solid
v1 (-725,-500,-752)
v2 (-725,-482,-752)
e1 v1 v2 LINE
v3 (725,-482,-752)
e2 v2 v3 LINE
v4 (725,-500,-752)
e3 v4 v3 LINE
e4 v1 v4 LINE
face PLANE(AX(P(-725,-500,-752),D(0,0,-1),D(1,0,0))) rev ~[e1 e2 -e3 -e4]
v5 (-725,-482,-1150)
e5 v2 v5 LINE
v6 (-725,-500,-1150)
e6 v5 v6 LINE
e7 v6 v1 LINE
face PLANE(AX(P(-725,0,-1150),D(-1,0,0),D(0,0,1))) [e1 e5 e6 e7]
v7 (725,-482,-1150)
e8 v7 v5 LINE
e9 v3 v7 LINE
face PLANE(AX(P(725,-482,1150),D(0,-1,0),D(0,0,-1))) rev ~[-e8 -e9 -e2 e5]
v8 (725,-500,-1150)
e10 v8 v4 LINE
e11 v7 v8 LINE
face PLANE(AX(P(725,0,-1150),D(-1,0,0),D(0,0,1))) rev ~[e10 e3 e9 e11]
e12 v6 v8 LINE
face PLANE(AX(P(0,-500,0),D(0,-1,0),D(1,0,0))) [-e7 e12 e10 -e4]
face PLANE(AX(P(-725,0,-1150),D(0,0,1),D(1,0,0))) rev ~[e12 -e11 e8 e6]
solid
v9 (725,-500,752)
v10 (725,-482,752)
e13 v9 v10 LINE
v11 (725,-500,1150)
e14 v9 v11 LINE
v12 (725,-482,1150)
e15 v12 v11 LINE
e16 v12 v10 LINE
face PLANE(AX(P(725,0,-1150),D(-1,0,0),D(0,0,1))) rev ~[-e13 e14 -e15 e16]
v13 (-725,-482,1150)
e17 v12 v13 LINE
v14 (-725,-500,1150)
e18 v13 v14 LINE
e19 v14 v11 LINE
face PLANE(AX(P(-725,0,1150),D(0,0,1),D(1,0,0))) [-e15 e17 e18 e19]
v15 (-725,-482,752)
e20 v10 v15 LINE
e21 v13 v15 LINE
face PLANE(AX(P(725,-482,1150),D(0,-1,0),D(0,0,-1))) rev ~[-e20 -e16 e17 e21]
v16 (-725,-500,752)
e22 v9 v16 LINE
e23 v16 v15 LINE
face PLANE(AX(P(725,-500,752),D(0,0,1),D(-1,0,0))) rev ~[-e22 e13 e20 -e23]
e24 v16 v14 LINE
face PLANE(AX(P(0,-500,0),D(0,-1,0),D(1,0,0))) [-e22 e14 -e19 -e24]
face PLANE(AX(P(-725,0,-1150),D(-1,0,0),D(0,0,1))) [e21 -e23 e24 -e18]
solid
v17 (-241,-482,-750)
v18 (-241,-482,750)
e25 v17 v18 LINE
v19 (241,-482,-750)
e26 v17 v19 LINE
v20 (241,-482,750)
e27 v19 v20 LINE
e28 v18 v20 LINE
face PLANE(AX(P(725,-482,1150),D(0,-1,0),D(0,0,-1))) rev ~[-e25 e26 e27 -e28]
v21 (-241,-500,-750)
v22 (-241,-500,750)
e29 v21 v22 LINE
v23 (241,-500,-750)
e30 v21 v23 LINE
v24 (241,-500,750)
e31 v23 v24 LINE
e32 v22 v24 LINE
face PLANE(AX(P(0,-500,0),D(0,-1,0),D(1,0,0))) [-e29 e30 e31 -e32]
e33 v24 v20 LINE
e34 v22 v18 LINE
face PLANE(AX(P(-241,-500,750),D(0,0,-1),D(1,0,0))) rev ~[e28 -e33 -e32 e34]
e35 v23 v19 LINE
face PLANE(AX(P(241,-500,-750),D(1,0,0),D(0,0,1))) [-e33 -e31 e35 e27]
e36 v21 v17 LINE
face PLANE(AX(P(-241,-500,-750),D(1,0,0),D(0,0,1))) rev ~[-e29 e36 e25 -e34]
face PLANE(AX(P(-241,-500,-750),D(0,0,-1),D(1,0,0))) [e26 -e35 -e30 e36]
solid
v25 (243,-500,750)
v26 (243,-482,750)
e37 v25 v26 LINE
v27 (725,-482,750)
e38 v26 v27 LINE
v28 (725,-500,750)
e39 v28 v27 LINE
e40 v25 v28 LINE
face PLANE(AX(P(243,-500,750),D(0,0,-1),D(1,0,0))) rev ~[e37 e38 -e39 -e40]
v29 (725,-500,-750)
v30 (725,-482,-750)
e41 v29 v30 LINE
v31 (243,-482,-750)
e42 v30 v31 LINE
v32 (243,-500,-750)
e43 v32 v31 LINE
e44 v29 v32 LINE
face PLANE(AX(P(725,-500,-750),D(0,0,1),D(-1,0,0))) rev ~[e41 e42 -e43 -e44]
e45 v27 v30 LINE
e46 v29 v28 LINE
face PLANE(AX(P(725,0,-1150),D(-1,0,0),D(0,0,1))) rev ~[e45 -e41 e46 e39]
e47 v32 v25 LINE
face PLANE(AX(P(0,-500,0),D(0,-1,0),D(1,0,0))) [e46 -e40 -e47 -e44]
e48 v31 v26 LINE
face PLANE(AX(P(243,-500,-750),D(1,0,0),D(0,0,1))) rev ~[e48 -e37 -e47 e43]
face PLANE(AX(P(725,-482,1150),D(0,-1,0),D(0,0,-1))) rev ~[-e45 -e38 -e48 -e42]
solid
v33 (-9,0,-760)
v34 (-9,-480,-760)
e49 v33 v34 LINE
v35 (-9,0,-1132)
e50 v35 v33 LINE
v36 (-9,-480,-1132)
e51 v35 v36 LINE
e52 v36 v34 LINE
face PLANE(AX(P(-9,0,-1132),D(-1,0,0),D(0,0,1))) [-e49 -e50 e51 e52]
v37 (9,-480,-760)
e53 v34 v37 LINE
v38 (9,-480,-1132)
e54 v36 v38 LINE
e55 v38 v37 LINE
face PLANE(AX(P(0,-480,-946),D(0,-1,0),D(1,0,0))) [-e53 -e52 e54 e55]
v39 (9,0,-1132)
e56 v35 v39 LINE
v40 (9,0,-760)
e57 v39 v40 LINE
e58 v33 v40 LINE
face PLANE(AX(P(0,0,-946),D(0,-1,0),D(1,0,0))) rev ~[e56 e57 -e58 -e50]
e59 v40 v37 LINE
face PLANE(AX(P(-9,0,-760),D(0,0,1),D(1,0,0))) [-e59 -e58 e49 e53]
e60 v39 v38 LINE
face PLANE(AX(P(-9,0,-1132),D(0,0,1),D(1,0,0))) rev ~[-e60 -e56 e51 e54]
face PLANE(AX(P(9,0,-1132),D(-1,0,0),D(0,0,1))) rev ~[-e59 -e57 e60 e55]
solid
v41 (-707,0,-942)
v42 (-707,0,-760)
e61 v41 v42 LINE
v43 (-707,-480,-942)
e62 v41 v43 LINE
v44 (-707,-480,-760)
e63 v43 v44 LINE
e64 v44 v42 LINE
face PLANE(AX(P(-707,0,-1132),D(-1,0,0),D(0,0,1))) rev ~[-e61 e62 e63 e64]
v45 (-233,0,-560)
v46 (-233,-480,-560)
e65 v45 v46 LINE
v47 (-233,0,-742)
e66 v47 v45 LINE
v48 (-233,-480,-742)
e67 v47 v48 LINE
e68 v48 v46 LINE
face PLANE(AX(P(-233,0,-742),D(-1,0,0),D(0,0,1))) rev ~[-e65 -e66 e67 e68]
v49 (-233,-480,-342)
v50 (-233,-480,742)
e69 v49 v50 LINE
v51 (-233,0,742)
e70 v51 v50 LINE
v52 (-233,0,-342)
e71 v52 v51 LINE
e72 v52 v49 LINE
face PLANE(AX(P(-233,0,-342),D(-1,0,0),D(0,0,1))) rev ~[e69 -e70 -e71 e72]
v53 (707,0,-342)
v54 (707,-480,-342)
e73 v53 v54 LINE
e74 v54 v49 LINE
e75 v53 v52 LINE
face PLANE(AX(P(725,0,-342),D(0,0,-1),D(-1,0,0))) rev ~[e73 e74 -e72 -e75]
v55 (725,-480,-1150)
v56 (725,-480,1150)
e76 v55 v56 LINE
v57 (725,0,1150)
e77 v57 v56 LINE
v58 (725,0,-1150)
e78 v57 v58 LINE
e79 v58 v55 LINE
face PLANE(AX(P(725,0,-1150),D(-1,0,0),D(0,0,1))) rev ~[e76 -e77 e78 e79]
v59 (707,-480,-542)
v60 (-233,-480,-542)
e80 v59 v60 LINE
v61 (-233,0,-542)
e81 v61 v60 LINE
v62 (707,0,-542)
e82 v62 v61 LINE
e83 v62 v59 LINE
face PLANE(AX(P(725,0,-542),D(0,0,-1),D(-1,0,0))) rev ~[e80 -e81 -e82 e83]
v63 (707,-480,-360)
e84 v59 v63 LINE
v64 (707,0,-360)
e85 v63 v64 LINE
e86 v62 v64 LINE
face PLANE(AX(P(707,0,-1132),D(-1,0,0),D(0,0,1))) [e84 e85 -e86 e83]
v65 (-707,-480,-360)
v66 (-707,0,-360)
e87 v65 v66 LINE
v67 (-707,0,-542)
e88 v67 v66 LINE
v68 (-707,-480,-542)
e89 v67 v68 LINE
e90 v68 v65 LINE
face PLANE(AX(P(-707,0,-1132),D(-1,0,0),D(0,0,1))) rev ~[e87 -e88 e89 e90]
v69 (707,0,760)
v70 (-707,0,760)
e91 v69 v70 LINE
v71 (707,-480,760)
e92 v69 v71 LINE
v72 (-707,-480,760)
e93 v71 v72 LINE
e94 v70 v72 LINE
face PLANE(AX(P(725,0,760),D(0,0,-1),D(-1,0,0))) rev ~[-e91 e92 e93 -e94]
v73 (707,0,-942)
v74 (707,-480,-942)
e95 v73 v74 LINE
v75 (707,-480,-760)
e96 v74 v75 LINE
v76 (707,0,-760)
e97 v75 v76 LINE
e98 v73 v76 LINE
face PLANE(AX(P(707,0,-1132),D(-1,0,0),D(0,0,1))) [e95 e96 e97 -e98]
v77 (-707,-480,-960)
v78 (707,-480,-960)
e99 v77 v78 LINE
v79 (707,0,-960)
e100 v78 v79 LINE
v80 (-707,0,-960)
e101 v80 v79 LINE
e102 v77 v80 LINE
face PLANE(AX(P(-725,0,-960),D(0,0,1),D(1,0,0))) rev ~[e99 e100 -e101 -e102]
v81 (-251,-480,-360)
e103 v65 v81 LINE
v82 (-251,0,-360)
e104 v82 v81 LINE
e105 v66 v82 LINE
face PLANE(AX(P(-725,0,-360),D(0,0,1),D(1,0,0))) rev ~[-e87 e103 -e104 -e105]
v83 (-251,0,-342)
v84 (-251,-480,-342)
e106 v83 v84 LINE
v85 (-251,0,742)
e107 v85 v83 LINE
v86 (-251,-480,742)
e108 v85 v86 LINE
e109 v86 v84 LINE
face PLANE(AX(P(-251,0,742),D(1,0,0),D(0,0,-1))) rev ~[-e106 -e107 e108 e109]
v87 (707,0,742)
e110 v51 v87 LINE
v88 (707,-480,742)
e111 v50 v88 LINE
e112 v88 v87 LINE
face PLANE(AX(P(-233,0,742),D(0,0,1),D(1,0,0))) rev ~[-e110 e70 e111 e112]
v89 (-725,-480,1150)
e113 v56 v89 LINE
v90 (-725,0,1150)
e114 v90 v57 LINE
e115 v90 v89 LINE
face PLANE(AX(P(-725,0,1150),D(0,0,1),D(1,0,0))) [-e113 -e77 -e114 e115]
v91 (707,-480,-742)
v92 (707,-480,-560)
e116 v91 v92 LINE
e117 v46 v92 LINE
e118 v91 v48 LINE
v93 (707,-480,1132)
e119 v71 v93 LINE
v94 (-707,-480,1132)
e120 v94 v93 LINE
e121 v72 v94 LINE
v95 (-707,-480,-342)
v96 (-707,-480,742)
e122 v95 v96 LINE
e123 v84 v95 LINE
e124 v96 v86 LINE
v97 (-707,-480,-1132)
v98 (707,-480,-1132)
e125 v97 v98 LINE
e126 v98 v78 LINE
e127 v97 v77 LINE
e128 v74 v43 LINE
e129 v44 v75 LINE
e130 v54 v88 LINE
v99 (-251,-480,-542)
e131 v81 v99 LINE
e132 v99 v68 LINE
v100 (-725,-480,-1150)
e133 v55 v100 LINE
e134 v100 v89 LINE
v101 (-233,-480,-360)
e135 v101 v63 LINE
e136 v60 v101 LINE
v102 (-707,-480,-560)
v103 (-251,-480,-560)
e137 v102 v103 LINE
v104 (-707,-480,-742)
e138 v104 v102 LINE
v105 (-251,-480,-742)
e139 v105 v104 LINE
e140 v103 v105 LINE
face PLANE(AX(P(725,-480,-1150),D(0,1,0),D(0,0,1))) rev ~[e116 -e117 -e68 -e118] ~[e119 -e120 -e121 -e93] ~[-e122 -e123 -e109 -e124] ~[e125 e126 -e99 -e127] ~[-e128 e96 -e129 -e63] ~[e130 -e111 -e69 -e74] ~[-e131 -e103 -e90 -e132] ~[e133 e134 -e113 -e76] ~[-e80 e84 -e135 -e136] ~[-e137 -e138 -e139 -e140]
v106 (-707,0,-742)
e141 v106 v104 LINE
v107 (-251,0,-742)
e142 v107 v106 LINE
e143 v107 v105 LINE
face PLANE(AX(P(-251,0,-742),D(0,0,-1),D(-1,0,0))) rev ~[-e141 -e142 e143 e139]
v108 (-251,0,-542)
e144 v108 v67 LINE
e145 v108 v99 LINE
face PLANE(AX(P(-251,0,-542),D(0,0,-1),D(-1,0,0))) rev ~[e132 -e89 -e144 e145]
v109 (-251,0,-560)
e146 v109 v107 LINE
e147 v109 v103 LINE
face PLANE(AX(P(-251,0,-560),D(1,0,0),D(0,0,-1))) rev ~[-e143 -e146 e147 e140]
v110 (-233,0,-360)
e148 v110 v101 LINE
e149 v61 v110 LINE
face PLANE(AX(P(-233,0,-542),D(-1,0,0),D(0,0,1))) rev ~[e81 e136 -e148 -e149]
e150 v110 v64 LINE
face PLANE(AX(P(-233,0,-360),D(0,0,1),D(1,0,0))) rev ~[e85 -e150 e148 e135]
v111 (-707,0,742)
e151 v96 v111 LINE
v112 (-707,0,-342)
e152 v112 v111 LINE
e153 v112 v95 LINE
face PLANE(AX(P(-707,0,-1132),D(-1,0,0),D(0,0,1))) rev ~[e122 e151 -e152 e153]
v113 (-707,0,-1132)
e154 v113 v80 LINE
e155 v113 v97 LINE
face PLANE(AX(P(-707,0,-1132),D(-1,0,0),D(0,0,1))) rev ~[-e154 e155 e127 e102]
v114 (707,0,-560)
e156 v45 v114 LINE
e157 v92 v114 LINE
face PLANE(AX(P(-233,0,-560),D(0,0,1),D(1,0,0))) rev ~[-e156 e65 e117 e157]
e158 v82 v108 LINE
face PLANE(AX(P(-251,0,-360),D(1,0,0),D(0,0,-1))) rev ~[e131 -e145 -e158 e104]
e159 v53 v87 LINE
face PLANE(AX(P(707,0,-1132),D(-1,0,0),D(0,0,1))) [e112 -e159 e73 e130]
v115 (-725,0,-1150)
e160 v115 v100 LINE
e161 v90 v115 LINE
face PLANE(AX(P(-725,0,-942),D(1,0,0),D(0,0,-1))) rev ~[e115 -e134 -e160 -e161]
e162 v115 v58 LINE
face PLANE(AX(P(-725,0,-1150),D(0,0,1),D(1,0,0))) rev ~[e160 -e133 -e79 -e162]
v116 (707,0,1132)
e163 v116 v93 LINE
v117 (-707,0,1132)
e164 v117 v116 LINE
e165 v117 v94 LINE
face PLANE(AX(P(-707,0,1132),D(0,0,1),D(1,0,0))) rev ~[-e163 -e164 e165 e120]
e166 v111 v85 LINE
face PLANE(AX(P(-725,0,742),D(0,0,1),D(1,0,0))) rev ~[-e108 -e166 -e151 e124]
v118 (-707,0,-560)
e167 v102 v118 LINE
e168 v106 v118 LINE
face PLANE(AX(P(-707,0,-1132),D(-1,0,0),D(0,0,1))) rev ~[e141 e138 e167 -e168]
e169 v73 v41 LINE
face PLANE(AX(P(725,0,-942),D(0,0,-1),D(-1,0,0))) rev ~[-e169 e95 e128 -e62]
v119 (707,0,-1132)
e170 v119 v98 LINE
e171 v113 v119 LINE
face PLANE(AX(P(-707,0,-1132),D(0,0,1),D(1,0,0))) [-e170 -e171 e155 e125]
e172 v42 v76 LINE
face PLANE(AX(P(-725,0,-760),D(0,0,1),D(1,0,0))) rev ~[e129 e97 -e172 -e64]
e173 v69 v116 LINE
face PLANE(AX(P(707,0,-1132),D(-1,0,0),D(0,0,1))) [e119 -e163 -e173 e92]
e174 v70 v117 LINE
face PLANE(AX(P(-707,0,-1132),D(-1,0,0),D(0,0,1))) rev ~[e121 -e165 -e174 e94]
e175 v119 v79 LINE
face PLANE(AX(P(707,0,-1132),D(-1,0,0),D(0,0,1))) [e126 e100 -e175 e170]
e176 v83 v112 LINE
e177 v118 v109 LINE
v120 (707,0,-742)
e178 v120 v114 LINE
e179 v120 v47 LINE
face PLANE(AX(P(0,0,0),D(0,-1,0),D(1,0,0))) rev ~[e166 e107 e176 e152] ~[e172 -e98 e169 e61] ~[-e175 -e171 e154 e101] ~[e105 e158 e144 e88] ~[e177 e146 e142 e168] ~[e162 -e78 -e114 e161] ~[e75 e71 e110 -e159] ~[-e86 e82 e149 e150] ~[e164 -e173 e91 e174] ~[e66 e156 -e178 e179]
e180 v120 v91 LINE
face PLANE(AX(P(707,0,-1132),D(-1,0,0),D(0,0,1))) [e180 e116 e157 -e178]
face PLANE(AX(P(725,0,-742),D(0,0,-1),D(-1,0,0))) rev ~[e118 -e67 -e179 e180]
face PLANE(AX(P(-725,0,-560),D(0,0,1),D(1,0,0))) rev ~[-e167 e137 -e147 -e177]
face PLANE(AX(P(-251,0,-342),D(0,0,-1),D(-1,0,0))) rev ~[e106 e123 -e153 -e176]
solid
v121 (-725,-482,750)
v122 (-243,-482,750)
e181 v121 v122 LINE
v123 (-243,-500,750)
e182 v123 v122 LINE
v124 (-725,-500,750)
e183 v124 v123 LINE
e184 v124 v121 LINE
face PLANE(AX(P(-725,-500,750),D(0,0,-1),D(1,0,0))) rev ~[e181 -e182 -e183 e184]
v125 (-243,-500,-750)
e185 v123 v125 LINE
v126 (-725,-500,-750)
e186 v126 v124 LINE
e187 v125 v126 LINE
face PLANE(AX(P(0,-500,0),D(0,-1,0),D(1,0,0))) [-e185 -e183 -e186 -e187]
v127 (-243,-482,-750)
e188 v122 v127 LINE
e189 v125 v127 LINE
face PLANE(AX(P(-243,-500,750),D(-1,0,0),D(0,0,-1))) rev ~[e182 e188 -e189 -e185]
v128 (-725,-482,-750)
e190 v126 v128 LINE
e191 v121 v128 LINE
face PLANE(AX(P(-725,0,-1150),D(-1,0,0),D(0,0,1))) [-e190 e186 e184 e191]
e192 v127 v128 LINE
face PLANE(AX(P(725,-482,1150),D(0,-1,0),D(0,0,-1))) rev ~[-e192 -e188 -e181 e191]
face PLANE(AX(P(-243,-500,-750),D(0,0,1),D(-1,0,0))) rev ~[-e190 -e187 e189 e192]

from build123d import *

# Parameters (mm, degrees)
F0_W      = 1450
F0_H      = 2300
F1_DEPTH  = 500
F2_W      = 482
F2_H      = 1500
F3_DEPTH  = 18
F5_DEPTH  = 1450
F6_W      = 1414
F6_H      = 2264
F7_DEPTH  = 480
F9_DEPTH  = 480
F10_W     = 18
F10_H     = 372
F11_DEPTH = 480


with BuildPart() as f1:
    # F0 (on Front) → F1 (new body)
    with BuildSketch(Plane.XZ):
        Rectangle(F0_W, F0_H)
    extrude(amount=F1_DEPTH)

    # F2 (on face) → F3 (cut)
    with BuildSketch(Plane.XZ.offset(500)):
        Polygon((725, 752), (-725, 752), (-725, 750), (-243, 750), (-243, -750), (-725, -750), (-725, -752), (725, -752), (725, -750), (243, -750), (243, 750), (725, 750), align=None)
        Rectangle(F2_W, F2_H, mode=Mode.SUBTRACT)
    extrude(amount=-F3_DEPTH, mode=Mode.SUBTRACT)

    # F4 (on face) → F5 (cut)
    with BuildSketch(Plane.YZ.offset(725)):
        Polygon((-480, 1150), (-482, 1150), (-482, -1150), (-480, -1150), (-480, -753), (-480, -747), (-480, 747), (-480, 753), align=None)
    extrude(amount=-F5_DEPTH, mode=Mode.SUBTRACT)

    # F6 (on face) → F7 (cut)
    with BuildSketch(Plane.XZ):
        Rectangle(F6_W, F6_H)
    extrude(amount=F7_DEPTH, mode=Mode.SUBTRACT)

    # F8 (on face) → F9 (join)
    with BuildSketch(Plane.XZ):
        Polygon((-725, -960), (725, -960), (725, -942), (-233, -942), (-251, -942), (-725, -942), align=None)
        Polygon((-233, -760), (725, -760), (725, -742), (-233, -742), (-233, -560), (725, -560), (725, -542), (-233, -542), (-233, -360), (725, -360), (725, -342), (-233, -342), (-233, 742), (725, 742), (725, 760), (-725, 760), (-725, 742), (-251, 742), (-251, -342), (-725, -342), (-725, -360), (-251, -360), (-251, -542), (-725, -542), (-725, -560), (-251, -560), (-251, -742), (-725, -742), (-725, -760), (-251, -760), align=None)
    extrude(amount=F9_DEPTH)


with BuildPart() as f11:
    # F10 (on face) → F11 (new body)
    with BuildSketch(Plane.XZ):
        with Locations((0, -946)):
            Rectangle(F10_W, F10_H)
    extrude(amount=F11_DEPTH)


solid = Compound([f1.part, f11.part])
